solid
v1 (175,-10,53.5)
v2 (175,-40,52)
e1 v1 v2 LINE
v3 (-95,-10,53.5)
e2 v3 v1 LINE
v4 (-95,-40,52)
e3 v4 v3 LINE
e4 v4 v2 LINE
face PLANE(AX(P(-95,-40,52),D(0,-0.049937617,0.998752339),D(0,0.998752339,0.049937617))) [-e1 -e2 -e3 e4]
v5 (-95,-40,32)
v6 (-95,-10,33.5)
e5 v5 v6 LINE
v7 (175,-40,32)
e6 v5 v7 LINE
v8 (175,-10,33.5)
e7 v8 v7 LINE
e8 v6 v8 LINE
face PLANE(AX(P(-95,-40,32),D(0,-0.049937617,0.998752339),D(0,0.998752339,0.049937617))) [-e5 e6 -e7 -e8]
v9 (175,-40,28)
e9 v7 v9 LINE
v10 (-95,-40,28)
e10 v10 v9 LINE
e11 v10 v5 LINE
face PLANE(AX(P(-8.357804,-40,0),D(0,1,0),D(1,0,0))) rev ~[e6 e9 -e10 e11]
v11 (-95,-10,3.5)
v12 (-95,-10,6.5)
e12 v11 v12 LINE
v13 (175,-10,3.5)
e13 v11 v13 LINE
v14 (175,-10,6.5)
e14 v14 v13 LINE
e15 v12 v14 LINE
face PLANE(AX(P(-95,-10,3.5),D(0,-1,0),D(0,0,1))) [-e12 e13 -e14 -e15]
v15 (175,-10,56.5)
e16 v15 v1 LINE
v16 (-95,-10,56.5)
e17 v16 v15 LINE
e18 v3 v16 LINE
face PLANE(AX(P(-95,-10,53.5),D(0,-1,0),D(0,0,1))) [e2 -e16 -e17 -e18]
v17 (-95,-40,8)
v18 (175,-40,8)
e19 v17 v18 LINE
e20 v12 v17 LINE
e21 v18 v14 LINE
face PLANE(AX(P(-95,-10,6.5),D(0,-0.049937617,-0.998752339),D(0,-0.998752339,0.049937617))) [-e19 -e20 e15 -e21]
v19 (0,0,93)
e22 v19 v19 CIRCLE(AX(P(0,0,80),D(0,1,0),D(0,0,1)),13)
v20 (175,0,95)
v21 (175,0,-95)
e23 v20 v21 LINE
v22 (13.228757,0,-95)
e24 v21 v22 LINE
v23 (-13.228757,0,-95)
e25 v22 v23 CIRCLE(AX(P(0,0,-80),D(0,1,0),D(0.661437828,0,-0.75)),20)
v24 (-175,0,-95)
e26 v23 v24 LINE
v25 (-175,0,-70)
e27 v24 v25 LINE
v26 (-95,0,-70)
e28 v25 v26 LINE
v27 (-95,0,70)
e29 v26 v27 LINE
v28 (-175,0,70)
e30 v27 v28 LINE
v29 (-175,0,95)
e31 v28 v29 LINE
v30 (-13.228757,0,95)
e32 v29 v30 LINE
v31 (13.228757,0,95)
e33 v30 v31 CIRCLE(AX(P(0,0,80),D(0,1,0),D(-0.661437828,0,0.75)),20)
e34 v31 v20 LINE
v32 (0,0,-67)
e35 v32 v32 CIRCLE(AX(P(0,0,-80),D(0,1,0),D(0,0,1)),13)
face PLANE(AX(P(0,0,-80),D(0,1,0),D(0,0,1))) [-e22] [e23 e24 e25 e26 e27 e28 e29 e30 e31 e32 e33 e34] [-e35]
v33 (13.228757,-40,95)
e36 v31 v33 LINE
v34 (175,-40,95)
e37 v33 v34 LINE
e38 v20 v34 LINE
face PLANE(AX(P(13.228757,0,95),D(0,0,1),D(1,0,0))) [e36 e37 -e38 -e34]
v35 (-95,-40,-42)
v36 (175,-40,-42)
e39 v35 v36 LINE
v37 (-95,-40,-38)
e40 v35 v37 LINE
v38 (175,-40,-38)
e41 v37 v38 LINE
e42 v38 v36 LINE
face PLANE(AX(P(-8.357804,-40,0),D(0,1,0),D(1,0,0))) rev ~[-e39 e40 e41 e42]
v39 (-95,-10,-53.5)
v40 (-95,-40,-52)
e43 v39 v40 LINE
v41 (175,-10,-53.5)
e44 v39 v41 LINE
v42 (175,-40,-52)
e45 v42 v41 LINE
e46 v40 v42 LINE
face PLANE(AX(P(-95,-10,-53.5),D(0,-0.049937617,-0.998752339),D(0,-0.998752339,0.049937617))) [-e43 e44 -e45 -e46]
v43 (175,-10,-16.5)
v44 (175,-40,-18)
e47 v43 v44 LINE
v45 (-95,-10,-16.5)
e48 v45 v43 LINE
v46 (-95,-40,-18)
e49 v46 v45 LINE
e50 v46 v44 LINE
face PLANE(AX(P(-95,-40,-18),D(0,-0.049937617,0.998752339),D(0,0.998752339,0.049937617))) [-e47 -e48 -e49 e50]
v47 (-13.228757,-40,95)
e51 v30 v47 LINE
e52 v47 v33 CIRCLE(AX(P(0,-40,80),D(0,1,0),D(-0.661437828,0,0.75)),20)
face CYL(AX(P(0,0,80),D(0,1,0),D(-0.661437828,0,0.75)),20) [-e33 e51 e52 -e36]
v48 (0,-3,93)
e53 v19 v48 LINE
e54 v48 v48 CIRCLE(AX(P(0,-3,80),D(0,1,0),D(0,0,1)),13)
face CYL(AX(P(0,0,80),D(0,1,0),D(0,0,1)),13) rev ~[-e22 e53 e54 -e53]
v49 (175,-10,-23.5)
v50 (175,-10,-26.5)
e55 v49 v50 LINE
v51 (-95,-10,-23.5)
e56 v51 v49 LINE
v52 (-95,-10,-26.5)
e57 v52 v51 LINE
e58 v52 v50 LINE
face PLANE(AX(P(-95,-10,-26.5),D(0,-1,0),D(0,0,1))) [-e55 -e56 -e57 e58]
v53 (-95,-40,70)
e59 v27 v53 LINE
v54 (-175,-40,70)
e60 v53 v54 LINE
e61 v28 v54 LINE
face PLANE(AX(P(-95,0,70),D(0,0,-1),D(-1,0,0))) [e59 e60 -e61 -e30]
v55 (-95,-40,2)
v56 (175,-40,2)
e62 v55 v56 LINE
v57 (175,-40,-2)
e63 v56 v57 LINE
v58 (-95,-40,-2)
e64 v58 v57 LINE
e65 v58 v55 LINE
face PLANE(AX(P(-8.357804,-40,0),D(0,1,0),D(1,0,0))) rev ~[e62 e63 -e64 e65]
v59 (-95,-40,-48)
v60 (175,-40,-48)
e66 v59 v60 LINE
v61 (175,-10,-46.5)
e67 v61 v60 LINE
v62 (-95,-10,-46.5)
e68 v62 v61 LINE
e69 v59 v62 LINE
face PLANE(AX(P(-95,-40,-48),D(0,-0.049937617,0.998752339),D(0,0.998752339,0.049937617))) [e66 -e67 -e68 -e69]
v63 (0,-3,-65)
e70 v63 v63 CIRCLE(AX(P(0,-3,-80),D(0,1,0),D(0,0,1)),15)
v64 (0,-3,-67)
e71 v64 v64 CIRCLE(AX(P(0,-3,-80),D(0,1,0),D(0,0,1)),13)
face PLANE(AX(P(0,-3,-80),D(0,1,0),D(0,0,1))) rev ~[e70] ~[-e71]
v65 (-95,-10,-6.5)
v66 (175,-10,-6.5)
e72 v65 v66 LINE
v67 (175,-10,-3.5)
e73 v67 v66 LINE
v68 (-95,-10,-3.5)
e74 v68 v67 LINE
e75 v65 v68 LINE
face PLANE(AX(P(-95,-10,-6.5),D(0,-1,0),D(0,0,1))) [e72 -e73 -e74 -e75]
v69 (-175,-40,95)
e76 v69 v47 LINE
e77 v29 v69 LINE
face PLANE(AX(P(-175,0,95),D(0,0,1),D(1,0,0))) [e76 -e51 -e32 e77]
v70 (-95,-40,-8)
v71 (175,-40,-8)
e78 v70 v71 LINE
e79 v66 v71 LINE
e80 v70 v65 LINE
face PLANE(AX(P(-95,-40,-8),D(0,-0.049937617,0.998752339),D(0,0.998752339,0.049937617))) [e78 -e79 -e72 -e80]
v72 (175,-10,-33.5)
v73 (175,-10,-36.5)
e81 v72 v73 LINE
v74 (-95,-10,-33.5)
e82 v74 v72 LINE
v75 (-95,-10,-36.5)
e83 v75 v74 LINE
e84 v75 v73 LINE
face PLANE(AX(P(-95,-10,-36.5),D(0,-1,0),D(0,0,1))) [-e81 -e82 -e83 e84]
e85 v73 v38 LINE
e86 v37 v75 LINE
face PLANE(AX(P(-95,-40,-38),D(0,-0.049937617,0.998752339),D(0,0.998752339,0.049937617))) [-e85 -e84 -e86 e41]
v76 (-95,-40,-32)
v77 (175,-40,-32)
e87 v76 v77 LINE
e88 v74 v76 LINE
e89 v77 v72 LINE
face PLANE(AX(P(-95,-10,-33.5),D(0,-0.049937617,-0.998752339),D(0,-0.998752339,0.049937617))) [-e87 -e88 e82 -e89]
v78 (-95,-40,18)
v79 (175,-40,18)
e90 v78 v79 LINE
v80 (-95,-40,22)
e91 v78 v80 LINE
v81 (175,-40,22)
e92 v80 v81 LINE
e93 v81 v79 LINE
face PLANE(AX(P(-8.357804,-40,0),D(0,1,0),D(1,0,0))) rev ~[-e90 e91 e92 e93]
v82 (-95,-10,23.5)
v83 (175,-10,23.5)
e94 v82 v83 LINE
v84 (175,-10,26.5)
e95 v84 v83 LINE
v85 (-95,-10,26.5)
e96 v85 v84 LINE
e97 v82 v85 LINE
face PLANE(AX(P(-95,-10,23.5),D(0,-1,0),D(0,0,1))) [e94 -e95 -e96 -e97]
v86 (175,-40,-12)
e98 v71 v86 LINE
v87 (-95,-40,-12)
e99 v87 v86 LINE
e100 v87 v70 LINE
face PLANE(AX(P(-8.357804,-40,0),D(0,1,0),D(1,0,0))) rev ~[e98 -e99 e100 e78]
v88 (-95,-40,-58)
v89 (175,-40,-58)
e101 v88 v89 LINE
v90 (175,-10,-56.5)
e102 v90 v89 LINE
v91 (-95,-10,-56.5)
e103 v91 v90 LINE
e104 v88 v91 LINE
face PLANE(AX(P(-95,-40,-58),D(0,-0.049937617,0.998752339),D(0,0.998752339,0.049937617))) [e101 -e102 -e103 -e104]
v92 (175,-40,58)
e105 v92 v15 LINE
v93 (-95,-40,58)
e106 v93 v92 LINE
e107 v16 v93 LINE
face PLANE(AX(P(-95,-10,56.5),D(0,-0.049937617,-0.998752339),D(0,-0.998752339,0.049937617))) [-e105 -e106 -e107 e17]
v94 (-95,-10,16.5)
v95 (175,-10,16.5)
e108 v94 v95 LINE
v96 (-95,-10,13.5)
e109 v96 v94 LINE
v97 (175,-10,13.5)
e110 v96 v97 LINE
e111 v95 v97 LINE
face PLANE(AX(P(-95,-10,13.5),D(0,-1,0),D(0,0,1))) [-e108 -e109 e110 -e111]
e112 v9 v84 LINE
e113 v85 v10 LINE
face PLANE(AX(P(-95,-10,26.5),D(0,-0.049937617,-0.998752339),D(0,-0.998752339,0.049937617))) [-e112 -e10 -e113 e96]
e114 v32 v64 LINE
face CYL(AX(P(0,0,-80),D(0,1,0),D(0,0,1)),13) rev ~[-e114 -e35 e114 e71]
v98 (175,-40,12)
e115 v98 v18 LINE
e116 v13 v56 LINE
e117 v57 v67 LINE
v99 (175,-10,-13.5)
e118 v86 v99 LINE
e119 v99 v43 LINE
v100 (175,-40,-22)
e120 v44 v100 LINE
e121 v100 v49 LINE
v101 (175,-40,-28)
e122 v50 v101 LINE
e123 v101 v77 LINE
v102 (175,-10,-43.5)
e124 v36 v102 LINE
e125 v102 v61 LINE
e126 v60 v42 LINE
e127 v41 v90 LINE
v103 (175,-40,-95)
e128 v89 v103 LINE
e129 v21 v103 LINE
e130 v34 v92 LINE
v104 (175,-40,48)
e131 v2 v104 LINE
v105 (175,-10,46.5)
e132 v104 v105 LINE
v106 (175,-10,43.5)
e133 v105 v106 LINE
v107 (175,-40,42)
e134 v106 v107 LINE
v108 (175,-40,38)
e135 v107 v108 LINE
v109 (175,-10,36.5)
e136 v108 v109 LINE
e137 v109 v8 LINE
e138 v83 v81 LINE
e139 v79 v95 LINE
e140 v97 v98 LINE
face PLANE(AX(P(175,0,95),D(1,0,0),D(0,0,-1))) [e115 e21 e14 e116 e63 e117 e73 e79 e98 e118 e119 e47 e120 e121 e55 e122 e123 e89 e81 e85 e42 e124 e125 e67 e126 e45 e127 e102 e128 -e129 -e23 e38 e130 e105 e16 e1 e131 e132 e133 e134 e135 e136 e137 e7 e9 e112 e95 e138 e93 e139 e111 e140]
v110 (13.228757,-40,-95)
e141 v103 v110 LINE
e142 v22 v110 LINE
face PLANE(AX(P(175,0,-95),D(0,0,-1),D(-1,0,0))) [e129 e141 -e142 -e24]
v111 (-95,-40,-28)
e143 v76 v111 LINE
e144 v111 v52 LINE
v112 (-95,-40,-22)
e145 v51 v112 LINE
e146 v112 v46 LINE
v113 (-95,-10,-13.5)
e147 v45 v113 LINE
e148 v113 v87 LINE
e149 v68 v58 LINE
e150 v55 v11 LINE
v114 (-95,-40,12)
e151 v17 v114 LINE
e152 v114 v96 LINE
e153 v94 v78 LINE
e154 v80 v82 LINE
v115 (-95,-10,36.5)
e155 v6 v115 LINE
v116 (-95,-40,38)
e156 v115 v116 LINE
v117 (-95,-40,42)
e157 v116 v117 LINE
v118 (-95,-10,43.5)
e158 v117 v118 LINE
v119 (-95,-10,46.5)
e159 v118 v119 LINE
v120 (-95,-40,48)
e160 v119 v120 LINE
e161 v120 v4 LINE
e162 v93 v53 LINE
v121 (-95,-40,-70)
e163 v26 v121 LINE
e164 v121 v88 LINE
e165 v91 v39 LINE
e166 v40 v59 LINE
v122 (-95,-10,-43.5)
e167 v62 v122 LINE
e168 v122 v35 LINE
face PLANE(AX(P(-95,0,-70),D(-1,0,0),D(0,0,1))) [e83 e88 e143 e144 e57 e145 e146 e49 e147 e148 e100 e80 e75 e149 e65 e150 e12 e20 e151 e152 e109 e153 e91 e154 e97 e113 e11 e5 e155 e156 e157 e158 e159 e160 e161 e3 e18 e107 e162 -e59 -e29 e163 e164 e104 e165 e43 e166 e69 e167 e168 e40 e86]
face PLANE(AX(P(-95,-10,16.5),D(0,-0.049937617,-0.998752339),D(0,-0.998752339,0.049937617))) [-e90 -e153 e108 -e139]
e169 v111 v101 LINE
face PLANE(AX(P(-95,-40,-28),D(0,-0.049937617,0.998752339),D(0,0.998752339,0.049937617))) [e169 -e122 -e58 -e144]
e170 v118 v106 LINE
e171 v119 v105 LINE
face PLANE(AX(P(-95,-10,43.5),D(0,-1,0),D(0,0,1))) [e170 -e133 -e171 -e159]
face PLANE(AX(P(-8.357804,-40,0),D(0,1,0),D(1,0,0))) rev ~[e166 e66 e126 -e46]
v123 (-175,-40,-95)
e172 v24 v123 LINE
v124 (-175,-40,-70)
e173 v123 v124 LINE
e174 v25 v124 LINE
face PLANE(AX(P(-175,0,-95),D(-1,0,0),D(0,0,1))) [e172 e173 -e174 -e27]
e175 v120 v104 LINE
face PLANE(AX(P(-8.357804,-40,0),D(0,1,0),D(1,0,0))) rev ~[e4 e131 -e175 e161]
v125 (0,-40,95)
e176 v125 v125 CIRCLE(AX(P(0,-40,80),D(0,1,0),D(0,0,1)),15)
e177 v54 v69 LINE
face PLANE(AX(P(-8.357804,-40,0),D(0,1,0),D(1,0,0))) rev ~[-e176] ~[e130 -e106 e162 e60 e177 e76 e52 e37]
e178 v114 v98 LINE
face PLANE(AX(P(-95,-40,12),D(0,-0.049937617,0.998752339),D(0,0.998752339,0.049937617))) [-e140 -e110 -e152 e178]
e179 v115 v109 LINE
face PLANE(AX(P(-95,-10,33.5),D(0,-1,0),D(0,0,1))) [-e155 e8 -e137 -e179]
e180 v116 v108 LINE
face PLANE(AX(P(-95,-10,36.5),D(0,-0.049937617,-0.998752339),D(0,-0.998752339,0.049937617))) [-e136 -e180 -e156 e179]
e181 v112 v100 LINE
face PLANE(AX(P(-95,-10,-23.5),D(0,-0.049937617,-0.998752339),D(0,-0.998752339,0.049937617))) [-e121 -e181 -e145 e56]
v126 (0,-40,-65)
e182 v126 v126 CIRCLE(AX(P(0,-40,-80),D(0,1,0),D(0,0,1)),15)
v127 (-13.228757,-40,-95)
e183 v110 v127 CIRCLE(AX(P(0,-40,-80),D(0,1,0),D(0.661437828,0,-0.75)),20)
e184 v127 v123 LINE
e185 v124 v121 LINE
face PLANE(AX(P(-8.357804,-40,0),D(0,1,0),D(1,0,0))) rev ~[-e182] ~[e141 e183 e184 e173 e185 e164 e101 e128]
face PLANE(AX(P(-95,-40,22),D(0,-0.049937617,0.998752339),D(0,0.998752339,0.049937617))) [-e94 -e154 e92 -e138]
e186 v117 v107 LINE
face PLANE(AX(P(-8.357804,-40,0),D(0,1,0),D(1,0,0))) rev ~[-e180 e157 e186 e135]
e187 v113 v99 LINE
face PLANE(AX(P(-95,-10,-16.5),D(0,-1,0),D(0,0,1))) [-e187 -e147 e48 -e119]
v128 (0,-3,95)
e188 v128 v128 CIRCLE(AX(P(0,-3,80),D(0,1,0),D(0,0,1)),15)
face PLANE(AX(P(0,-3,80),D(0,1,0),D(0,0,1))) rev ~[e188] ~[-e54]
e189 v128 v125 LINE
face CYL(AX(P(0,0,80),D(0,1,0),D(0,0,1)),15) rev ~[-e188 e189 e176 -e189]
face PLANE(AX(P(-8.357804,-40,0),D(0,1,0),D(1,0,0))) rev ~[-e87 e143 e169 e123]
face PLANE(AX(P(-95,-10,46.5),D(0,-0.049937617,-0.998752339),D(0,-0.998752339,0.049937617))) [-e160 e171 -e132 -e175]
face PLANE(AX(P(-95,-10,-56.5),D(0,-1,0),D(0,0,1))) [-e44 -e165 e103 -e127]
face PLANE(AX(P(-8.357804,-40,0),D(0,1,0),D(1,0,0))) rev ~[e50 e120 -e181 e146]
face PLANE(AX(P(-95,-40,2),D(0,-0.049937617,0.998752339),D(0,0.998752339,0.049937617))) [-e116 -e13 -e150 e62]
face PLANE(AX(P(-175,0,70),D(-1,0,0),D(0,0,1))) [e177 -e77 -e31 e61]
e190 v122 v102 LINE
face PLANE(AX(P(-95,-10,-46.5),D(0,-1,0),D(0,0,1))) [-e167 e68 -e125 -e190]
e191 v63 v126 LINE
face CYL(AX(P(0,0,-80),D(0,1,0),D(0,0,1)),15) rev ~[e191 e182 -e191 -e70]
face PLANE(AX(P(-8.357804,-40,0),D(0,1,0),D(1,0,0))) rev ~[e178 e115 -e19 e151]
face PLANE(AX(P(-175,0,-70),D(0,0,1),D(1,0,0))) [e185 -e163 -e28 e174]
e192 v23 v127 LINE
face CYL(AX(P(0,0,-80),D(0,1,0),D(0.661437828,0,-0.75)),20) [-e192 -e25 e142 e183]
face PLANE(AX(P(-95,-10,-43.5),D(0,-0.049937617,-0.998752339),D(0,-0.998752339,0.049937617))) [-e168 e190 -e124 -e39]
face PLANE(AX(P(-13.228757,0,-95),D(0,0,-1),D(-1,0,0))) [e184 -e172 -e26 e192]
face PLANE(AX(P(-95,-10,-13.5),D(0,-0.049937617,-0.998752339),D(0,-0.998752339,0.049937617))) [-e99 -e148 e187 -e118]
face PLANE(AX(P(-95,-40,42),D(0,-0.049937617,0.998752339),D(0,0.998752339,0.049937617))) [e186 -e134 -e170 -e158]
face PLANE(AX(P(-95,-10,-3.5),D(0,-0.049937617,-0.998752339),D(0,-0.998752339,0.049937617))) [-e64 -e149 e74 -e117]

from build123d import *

# Parameters (mm, degrees)
SKETCH1_R           = 15
BOSS_EXTRUDE2_DEPTH = 40
SKETCH1_4_R         = 15
SKETCH1_4_R_2       = 13
BOSS_EXTRUDE3_DEPTH = 3
CUT_EXTRUDE1_DEPTH  = 291.688837075


with BuildPart() as part:
    # Sketch1 → Boss-Extrude2 (new body)
    with BuildSketch(Plane(origin=(0, 0, 0), x_dir=(1, 0, 0), z_dir=(0, 1, 0))):
        with BuildLine():
            Line((-13.228756555, 95), (-175, 95))
            Line((-175, 95), (-175, 70))
            Line((-175, 70), (-95, 70))
            Line((-95, 70), (-95, -70))
            Line((-95, -70), (-175, -70))
            Line((-175, -70), (-175, -95))
            Line((-175, -95), (-13.228756555, -95))
            ThreePointArc((-13.228756555, -95), (0, -100), (13.228756555, -95))
            Line((13.228756555, -95), (175, -95))
            Line((175, -95), (175, 95))
            Line((175, 95), (13.228756555, 95))
            ThreePointArc((13.228756555, 95), (0, 100), (-13.228756555, 95))
        make_face()
        with Locations((0, -80)):
            Circle(SKETCH1_R, mode=Mode.SUBTRACT)
        with Locations((0, 80)):
            Circle(SKETCH1_R, mode=Mode.SUBTRACT)
    extrude(amount=-BOSS_EXTRUDE2_DEPTH)

    # Sketch1<4> → Boss-Extrude3 (add)
    # profile 1 of 2: a face of its own
    with BuildSketch(Plane(origin=(0, 0, 0), x_dir=(1, 0, 0), z_dir=(0, 1, 0))):
        with Locations((0, 80)):
            Circle(SKETCH1_4_R)
        with Locations((0, 80)):
            Circle(SKETCH1_4_R_2, mode=Mode.SUBTRACT)
    # profile 2 of 2: a face of its own
    with BuildSketch(Plane(origin=(0, 0, 0), x_dir=(1, 0, 0), z_dir=(0, 1, 0))):
        with Locations((0, -80)):
            Circle(SKETCH1_4_R)
        with Locations((0, -80)):
            Circle(SKETCH1_4_R_2, mode=Mode.SUBTRACT)
    extrude(amount=-BOSS_EXTRUDE3_DEPTH)

    # Sketch3 → Cut-Extrude1 (cut, through all)
    with BuildSketch(Plane.ZY.offset(95)):
        Polygon((-58, -40), (-56.5, -10), (-53.5, -10), (-52, -40), align=None)
        Polygon((-48, -40), (-46.5, -10), (-43.5, -10), (-42, -40), align=None)
        Polygon((-38, -40), (-36.5, -10), (-33.5, -10), (-32, -40), align=None)
        Polygon((-28, -40), (-26.5, -10), (-23.5, -10), (-22, -40), align=None)
        Polygon((-18, -40), (-16.5, -10), (-13.5, -10), (-12, -40), align=None)
        Polygon((-8, -40), (-6.5, -10), (-3.5, -10), (-2, -40), align=None)
        Polygon((2, -40), (3.5, -10), (6.5, -10), (8, -40), align=None)
        Polygon((12, -40), (13.5, -10), (16.5, -10), (18, -40), align=None)
        Polygon((22, -40), (23.5, -10), (26.5, -10), (28, -40), align=None)
        Polygon((32, -40), (33.5, -10), (36.5, -10), (38, -40), align=None)
        Polygon((42, -40), (43.5, -10), (46.5, -10), (48, -40), align=None)
        Polygon((52, -40), (53.5, -10), (56.5, -10), (58, -40), align=None)
    extrude(amount=-CUT_EXTRUDE1_DEPTH, mode=Mode.SUBTRACT)


solid = part.part
